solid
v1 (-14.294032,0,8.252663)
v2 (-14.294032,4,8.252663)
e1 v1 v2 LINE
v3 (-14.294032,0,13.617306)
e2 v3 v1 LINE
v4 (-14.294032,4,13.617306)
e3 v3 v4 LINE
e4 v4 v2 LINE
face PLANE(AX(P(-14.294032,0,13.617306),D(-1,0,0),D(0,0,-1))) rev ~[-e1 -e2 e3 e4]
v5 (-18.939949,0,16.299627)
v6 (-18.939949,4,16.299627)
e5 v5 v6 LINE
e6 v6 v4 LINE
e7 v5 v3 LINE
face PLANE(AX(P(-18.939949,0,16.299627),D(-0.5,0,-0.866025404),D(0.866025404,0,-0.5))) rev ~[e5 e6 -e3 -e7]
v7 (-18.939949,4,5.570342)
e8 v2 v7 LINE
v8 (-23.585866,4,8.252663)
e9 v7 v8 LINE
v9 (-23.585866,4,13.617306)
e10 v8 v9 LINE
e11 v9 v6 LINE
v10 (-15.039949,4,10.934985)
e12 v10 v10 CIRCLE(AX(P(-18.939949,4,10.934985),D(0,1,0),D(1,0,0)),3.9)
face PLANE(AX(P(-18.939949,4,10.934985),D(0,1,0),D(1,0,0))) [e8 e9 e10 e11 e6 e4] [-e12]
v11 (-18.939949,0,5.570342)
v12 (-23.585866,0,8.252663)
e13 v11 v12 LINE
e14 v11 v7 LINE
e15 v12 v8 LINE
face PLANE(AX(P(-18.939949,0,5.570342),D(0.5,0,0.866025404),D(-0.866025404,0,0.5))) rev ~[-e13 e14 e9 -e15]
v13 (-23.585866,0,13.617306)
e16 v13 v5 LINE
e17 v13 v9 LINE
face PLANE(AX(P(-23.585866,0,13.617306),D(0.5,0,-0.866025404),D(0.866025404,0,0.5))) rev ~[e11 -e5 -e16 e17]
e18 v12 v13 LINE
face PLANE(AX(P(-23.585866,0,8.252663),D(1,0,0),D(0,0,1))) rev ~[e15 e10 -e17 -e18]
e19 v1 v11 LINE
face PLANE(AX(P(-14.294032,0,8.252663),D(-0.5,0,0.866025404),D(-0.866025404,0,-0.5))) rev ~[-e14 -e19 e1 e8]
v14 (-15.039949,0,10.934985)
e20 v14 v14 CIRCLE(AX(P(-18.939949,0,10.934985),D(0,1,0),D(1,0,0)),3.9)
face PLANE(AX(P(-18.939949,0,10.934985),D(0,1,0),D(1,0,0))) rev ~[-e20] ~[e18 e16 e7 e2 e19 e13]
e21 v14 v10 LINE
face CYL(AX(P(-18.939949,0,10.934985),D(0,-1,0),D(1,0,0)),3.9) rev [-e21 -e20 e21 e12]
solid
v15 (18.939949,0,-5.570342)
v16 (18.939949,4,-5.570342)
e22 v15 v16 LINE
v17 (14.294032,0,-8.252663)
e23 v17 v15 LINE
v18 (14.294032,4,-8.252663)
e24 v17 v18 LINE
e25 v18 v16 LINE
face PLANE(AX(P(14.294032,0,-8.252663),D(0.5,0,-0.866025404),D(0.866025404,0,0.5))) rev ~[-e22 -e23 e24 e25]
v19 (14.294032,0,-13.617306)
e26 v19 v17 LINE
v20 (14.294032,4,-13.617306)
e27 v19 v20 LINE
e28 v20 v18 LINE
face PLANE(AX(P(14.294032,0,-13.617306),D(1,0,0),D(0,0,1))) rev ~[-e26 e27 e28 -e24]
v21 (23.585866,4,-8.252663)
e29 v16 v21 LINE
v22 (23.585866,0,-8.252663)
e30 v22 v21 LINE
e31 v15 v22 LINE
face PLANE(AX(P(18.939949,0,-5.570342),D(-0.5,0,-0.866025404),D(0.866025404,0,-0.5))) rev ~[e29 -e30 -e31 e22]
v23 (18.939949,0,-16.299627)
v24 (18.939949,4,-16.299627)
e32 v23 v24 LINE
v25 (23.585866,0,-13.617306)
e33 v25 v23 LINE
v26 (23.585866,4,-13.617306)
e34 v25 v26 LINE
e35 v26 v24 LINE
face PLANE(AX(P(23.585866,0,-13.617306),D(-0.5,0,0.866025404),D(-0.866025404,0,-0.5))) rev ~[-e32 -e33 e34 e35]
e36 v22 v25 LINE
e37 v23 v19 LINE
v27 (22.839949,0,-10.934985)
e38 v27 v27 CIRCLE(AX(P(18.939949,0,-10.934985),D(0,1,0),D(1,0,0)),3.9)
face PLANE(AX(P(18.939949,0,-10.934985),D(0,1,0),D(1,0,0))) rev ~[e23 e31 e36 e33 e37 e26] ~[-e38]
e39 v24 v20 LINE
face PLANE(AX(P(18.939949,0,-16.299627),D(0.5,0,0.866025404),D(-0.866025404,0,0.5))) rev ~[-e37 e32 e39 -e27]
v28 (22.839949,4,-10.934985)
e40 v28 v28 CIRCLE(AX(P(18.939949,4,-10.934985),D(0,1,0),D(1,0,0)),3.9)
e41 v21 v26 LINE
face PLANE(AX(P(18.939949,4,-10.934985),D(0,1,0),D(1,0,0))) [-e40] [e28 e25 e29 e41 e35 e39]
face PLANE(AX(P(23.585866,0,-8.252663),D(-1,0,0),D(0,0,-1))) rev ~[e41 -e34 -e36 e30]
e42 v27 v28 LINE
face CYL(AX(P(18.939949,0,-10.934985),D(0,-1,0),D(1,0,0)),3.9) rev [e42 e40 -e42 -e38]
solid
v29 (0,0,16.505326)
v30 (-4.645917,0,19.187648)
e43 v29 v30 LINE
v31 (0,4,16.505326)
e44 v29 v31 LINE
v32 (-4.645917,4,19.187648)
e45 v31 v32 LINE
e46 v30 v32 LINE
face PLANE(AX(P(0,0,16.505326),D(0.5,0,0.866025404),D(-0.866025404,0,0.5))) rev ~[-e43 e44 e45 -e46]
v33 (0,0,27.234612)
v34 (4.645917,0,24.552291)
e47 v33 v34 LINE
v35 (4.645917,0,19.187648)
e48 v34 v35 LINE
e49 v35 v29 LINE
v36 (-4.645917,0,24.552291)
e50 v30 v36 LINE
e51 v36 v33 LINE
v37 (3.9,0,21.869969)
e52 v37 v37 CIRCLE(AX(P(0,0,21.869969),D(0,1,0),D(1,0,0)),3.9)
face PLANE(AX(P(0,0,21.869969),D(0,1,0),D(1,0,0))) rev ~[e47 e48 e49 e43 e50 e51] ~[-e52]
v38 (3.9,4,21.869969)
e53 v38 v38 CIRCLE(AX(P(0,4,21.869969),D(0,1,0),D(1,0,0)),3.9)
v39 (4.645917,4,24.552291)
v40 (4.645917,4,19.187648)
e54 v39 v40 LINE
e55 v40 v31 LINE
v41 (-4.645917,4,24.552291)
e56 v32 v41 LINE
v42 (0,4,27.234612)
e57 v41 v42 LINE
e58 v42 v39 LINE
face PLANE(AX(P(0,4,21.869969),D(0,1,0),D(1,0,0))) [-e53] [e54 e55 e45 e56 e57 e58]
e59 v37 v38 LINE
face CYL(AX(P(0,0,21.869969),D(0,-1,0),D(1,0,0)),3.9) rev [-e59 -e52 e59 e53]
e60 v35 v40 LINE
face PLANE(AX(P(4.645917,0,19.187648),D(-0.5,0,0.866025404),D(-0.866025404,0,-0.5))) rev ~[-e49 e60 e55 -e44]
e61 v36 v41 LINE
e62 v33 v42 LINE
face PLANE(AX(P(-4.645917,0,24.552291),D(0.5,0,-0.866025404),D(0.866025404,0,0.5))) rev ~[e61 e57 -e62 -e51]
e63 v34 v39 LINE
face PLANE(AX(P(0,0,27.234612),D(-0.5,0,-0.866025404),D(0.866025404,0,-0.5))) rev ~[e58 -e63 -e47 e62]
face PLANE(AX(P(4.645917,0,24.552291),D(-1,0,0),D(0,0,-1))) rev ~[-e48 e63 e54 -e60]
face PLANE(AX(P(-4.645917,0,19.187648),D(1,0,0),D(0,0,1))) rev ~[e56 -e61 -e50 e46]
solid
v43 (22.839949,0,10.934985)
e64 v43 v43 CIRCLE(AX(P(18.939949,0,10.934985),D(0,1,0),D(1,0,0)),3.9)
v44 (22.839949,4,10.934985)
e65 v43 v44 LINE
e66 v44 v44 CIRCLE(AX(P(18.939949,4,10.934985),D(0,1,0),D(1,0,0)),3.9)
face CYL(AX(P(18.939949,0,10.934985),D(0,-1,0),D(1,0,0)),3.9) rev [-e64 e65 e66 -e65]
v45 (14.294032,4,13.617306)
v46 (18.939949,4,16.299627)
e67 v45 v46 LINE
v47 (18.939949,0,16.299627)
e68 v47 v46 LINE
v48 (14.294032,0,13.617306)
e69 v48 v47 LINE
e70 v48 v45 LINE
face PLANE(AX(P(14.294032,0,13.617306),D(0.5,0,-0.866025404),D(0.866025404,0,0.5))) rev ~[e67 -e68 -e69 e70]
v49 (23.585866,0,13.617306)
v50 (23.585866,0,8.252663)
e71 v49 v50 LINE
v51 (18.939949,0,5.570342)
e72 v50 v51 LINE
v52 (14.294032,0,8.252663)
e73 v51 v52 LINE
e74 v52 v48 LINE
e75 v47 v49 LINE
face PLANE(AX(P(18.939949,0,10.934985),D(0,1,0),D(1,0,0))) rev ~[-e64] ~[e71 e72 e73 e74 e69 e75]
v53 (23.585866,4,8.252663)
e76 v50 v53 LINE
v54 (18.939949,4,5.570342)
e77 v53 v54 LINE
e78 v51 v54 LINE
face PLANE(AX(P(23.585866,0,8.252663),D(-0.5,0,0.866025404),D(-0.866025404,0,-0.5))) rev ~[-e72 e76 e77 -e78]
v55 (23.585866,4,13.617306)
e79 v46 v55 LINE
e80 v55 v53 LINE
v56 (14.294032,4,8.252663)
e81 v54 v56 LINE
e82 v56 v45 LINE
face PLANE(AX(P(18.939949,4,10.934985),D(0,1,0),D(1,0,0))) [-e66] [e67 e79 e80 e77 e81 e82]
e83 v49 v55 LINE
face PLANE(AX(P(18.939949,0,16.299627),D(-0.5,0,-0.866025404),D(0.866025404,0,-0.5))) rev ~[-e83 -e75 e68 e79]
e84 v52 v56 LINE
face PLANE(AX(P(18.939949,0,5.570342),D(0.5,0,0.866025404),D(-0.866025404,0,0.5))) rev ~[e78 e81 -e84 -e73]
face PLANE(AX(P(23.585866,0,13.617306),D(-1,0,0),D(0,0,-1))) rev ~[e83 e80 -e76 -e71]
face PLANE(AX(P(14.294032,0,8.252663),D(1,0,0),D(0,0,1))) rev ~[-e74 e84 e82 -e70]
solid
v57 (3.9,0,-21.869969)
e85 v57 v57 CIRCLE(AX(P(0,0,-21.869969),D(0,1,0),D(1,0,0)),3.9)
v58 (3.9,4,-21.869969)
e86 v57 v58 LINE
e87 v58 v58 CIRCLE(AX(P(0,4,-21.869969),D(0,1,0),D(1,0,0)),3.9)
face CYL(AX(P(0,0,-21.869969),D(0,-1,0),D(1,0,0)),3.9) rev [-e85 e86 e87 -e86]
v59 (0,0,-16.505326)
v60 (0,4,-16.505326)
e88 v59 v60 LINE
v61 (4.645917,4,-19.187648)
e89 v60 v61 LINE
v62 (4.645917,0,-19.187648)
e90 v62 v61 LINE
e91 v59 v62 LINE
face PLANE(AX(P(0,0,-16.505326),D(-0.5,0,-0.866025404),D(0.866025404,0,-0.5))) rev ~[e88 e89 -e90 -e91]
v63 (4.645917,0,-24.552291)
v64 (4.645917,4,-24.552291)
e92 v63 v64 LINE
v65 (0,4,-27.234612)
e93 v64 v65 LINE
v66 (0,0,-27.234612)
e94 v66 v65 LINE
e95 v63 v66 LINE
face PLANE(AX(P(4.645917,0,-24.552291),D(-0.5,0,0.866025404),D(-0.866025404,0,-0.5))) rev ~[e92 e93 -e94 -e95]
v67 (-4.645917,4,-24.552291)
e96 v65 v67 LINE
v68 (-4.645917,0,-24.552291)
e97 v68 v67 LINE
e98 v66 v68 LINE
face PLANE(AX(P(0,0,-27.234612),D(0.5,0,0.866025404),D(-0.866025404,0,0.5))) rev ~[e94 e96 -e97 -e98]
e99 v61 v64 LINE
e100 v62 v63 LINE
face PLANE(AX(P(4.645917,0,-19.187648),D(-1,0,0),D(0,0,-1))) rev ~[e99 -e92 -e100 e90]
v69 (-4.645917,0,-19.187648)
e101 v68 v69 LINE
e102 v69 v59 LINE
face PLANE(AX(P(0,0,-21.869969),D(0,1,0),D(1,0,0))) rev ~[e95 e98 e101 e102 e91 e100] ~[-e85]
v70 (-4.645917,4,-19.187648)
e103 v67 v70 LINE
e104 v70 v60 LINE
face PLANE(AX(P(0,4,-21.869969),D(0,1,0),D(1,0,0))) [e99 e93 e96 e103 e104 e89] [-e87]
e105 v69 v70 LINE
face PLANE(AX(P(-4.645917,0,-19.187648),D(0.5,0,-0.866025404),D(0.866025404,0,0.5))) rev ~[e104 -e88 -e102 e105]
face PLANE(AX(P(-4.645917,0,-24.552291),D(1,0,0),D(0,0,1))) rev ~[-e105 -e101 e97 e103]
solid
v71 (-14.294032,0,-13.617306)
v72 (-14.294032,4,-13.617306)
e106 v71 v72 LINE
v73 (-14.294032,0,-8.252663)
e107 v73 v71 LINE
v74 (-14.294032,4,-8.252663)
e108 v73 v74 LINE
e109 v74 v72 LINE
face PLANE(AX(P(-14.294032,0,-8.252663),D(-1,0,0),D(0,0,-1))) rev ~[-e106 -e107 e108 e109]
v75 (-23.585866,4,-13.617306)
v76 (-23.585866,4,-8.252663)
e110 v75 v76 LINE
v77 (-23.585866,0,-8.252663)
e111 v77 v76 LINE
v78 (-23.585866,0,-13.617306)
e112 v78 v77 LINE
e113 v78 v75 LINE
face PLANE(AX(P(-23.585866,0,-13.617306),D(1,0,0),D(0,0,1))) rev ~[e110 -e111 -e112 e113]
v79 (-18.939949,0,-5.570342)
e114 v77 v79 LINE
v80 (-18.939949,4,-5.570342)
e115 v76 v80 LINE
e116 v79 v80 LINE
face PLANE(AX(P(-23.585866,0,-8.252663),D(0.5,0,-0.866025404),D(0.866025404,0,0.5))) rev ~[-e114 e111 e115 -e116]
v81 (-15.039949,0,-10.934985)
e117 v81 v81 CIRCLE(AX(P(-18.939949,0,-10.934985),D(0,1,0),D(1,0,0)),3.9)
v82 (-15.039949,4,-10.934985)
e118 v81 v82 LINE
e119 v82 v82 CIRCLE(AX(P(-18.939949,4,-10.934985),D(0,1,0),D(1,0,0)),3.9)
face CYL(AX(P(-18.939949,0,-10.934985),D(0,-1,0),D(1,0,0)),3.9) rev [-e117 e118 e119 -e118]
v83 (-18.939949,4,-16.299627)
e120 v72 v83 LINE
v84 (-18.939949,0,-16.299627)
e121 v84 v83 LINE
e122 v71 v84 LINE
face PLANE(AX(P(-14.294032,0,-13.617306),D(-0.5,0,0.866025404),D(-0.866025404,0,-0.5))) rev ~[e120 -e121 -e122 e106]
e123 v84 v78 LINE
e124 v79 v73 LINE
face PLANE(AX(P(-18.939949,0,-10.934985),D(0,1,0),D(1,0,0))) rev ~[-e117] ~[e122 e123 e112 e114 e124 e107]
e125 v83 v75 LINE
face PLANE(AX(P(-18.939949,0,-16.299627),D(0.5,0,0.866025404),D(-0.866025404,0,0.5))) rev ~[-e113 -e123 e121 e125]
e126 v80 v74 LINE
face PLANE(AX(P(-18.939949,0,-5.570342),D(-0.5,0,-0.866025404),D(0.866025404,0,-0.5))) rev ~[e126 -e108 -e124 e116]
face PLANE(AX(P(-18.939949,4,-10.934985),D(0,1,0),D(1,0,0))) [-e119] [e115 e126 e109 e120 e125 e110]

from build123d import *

# Parameters (mm, degrees)
SKETCH1_R             = 3.9
BOSS_EXTRUDE2_DEPTH   = 4
BOSS_EXTRUDE2_2_DEPTH = 4
BOSS_EXTRUDE2_3_DEPTH = 4
BOSS_EXTRUDE2_4_DEPTH = 4
BOSS_EXTRUDE2_5_DEPTH = 4
BOSS_EXTRUDE2_6_DEPTH = 4


with BuildPart() as part:
    # Sketch1 → Boss-Extrude2 (new body)
    with BuildSketch(Plane(origin=(0, 0, 0), x_dir=(1, 0, 0), z_dir=(0, 1, 0))):
        Polygon((14.294031961, 8.2526632), (18.939948877, 5.570341818), (23.585865794, 8.2526632), (23.585865794, 13.617305965), (18.939948877, 16.299627348), (14.294031961, 13.617305965), align=None)
        with Locations((18.939948877, 10.934984583)):
            Circle(SKETCH1_R, mode=Mode.SUBTRACT)
    extrude(amount=BOSS_EXTRUDE2_DEPTH)


with BuildPart() as body_2:
    # Sketch1 → Boss-Extrude2 2 (new body)
    with BuildSketch(Plane(origin=(0, 0, 0), x_dir=(1, 0, 0), z_dir=(0, 1, 0))):
        Polygon((0, 16.505326401), (4.645916917, 19.187647783), (4.645916917, 24.552290548), (0, 27.23461193), (-4.645916917, 24.552290548), (-4.645916917, 19.187647783), align=None)
        with Locations((0, 21.869969165)):
            Circle(SKETCH1_R, mode=Mode.SUBTRACT)
    extrude(amount=BOSS_EXTRUDE2_2_DEPTH)


with BuildPart() as body_3:
    # Sketch1 → Boss-Extrude2 3 (new body)
    with BuildSketch(Plane(origin=(0, 0, 0), x_dir=(1, 0, 0), z_dir=(0, 1, 0))):
        Polygon((14.294031961, -8.2526632), (14.294031961, -13.617305965), (18.939948877, -16.299627348), (23.585865794, -13.617305965), (23.585865794, -8.2526632), (18.939948877, -5.570341818), align=None)
        with Locations((18.939948877, -10.934984583)):
            Circle(SKETCH1_R, mode=Mode.SUBTRACT)
    extrude(amount=BOSS_EXTRUDE2_3_DEPTH)


with BuildPart() as body_4:
    # Sketch1 → Boss-Extrude2 4 (new body)
    with BuildSketch(Plane(origin=(0, 0, 0), x_dir=(1, 0, 0), z_dir=(0, 1, 0))):
        Polygon((0, -16.505326401), (-4.645916917, -19.187647783), (-4.645916917, -24.552290548), (0, -27.23461193), (4.645916917, -24.552290548), (4.645916917, -19.187647783), align=None)
        with Locations((0, -21.869969165)):
            Circle(SKETCH1_R, mode=Mode.SUBTRACT)
    extrude(amount=BOSS_EXTRUDE2_4_DEPTH)


with BuildPart() as body_5:
    # Sketch1 → Boss-Extrude2 5 (new body)
    with BuildSketch(Plane(origin=(0, 0, 0), x_dir=(1, 0, 0), z_dir=(0, 1, 0))):
        Polygon((-14.294031961, -8.2526632), (-18.939948877, -5.570341818), (-23.585865794, -8.2526632), (-23.585865794, -13.617305965), (-18.939948877, -16.299627348), (-14.294031961, -13.617305965), align=None)
        with Locations((-18.939948877, -10.934984583)):
            Circle(SKETCH1_R, mode=Mode.SUBTRACT)
    extrude(amount=BOSS_EXTRUDE2_5_DEPTH)


with BuildPart() as body_6:
    # Sketch1 → Boss-Extrude2 6 (new body)
    with BuildSketch(Plane(origin=(0, 0, 0), x_dir=(1, 0, 0), z_dir=(0, 1, 0))):
        Polygon((-14.294031961, 8.2526632), (-14.294031961, 13.617305965), (-18.939948877, 16.299627348), (-23.585865794, 13.617305965), (-23.585865794, 8.2526632), (-18.939948877, 5.570341818), align=None)
        with Locations((-18.939948877, 10.934984583)):
            Circle(SKETCH1_R, mode=Mode.SUBTRACT)
    extrude(amount=BOSS_EXTRUDE2_6_DEPTH)


solid = Compound([part.part, body_2.part, body_3.part, body_4.part, body_5.part, body_6.part])
